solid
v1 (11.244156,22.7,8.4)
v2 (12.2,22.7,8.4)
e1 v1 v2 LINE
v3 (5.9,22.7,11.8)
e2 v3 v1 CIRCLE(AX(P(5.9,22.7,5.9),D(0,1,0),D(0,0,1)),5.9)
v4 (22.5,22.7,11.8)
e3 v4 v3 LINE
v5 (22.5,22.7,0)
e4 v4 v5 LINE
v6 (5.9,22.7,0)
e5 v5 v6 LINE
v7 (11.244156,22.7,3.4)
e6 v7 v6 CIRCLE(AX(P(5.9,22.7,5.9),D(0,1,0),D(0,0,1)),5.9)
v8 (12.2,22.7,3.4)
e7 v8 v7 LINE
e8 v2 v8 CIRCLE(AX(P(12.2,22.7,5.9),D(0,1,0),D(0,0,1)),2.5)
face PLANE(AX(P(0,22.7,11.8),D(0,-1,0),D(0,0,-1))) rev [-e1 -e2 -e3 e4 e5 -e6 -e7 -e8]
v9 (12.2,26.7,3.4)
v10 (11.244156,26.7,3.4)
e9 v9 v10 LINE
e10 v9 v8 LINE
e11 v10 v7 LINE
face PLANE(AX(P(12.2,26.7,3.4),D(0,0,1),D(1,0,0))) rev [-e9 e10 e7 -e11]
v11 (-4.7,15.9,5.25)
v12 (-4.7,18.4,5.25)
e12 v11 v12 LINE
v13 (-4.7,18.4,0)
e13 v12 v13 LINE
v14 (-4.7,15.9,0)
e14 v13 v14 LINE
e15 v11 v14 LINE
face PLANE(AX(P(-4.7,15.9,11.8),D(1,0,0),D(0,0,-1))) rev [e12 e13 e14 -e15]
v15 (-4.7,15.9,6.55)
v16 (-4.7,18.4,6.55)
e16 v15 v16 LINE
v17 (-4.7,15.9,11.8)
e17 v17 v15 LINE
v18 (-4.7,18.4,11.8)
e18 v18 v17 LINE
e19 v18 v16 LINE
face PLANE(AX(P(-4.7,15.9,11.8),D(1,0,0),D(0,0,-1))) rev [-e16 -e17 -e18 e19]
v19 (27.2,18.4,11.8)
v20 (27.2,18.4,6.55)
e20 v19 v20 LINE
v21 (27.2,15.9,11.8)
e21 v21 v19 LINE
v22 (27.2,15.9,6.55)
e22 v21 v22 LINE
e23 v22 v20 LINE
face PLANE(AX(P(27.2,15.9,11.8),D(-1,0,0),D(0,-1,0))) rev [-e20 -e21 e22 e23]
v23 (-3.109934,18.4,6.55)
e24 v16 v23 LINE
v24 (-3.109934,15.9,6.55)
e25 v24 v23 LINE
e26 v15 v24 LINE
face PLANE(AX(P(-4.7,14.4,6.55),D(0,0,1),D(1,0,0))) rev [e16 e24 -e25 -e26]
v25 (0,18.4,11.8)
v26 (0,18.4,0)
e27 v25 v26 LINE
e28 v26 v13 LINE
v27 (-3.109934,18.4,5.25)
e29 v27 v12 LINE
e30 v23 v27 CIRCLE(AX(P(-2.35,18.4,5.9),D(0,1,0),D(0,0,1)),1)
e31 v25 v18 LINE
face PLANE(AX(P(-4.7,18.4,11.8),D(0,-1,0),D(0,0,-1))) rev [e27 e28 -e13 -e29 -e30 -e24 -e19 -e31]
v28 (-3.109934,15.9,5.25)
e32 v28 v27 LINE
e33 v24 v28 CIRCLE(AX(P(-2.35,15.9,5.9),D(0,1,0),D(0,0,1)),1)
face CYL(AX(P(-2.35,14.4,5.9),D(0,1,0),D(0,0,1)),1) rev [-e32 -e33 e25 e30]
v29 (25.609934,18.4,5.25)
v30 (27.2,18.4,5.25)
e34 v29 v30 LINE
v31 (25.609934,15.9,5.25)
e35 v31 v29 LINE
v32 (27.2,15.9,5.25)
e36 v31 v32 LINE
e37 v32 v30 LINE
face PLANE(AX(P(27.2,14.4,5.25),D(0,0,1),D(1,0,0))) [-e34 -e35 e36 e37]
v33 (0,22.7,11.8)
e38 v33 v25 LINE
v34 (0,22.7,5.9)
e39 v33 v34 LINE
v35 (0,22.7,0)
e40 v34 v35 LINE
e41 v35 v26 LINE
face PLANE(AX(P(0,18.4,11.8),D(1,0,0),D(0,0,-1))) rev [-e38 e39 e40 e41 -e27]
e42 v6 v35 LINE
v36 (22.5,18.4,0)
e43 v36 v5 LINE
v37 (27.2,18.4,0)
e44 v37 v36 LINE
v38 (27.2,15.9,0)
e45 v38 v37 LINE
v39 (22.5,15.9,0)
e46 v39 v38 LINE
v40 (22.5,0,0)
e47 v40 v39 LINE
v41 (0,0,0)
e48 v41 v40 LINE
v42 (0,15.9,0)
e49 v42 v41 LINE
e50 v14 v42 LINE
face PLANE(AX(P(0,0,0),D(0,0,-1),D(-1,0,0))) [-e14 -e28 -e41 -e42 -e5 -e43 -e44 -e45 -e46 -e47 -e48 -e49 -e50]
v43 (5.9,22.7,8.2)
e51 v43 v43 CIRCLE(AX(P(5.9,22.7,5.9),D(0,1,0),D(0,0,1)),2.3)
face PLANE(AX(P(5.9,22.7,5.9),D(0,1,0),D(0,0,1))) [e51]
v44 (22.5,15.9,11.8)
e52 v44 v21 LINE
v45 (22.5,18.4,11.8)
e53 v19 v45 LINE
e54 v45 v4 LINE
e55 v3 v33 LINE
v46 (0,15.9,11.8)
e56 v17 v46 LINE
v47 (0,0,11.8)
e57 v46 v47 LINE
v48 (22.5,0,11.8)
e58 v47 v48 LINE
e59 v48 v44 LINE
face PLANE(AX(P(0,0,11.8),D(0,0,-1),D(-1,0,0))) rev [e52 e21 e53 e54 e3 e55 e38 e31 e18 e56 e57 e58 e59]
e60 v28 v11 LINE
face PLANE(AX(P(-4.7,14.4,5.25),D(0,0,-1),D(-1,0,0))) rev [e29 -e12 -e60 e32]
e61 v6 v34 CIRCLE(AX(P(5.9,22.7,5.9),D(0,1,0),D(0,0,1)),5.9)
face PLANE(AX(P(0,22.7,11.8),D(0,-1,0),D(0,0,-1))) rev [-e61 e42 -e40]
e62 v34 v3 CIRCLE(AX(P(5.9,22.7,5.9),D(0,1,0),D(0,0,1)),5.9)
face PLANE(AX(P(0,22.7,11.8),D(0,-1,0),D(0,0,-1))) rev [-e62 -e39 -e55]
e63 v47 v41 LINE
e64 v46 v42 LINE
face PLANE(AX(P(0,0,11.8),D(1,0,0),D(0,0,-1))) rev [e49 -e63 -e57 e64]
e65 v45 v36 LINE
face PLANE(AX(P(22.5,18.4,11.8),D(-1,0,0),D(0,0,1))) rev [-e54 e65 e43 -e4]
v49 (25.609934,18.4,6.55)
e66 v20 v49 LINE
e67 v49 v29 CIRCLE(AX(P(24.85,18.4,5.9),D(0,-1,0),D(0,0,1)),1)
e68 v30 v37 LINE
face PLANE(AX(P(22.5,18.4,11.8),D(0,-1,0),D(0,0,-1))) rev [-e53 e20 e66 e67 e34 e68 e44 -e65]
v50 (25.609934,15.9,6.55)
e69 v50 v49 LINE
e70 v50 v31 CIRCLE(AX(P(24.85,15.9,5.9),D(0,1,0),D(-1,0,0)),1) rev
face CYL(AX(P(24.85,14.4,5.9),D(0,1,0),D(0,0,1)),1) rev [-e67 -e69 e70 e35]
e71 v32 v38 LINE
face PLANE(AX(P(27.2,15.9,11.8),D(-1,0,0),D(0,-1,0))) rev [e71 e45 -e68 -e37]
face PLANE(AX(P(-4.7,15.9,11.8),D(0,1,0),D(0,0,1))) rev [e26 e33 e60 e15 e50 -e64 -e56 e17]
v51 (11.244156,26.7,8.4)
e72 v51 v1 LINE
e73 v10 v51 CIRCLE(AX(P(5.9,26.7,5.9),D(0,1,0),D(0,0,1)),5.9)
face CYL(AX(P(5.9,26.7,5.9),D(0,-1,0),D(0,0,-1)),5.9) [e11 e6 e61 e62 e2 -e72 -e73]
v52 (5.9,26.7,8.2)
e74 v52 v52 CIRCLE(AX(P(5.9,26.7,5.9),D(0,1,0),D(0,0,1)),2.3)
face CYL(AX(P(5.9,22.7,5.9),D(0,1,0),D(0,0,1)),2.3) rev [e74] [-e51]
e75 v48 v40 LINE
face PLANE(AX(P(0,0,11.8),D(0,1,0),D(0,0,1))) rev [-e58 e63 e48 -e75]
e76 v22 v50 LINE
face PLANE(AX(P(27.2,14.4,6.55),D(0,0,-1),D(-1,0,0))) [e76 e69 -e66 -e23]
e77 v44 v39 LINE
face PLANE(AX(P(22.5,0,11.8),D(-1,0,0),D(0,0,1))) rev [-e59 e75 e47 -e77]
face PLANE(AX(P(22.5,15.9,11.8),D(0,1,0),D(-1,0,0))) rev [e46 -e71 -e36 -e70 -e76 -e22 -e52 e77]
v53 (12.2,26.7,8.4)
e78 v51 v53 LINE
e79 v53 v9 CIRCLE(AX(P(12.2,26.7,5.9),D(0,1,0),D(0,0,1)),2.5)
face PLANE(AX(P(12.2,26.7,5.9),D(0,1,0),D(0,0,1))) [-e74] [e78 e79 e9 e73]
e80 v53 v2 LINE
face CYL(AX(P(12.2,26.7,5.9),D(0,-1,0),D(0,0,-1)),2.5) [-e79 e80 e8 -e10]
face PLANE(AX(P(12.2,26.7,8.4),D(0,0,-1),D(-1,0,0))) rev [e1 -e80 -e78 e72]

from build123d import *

# Parameters (mm, degrees)
BOSS_EXTRUDE1_DEPTH = 11.8
BOSS_EXTRUDE2_DEPTH = 4
SKETCH3_R           = 2.3
CUT_EXTRUDE1_DEPTH  = 4
CUT_EXTRUDE2_DEPTH  = 4


with BuildPart() as part:
    # Sketch1 → Boss-Extrude1 (new body)
    with BuildSketch(Plane.XY):
        Polygon((0, 0), (22.5, 0), (22.5, 15.9), (27.2, 15.9), (27.2, 18.4), (22.5, 18.4), (22.5, 22.7), (0, 22.7), (0, 18.4), (-4.7, 18.4), (-4.7, 15.9), (0, 15.9), align=None)
    extrude(amount=BOSS_EXTRUDE1_DEPTH)

    # Sketch2 → Boss-Extrude2 (add)
    with BuildSketch(Plane(origin=(0, 22.7, 0), x_dir=(1, 0, 0), z_dir=(0, 1, 0))):
        with BuildLine():
            Line((12.2, -3.4), (11.244155686, -3.4))
            ThreePointArc((11.244155686, -3.4), (0, -5.9), (11.244155686, -8.4))
            Line((11.244155686, -8.4), (12.2, -8.4))
            ThreePointArc((12.2, -8.4), (14.7, -5.9), (12.2, -3.4))
        make_face()
    extrude(amount=BOSS_EXTRUDE2_DEPTH)

    # Sketch3 → Cut-Extrude1 (cut)
    with BuildSketch(Plane(origin=(0, 26.7, 0), x_dir=(1, 0, 0), z_dir=(0, 1, 0))):
        with Locations(Location((5.9, -5.9, 0), (0, 0, 270))):
            Circle(SKETCH3_R)
    extrude(amount=-CUT_EXTRUDE1_DEPTH, mode=Mode.SUBTRACT)

    # Sketch4 → Cut-Extrude2 (cut)
    with BuildSketch(Plane(origin=(0, 18.4, 0), x_dir=(1, 0, 0), z_dir=(0, 1, 0))):
        with BuildLine():
            Line((-4.7, -5.25), (-4.7, -6.55))
            Line((-4.7, -6.55), (-3.109934208, -6.55))
            ThreePointArc((-3.109934208, -6.55), (-1.35, -5.9), (-3.109934208, -5.25))
            Line((-3.109934208, -5.25), (-4.7, -5.25))
        make_face()
    cut_extrude2 = extrude(amount=-CUT_EXTRUDE2_DEPTH, mode=Mode.SUBTRACT)

    # Mirror1: Cut-Extrude2 across plane
    add(cut_extrude2.mirror(Plane(origin=(11.25, 0, 0), x_dir=(0, 0, 1), z_dir=(1, 0, 0))), mode=Mode.SUBTRACT)


solid = part.part
